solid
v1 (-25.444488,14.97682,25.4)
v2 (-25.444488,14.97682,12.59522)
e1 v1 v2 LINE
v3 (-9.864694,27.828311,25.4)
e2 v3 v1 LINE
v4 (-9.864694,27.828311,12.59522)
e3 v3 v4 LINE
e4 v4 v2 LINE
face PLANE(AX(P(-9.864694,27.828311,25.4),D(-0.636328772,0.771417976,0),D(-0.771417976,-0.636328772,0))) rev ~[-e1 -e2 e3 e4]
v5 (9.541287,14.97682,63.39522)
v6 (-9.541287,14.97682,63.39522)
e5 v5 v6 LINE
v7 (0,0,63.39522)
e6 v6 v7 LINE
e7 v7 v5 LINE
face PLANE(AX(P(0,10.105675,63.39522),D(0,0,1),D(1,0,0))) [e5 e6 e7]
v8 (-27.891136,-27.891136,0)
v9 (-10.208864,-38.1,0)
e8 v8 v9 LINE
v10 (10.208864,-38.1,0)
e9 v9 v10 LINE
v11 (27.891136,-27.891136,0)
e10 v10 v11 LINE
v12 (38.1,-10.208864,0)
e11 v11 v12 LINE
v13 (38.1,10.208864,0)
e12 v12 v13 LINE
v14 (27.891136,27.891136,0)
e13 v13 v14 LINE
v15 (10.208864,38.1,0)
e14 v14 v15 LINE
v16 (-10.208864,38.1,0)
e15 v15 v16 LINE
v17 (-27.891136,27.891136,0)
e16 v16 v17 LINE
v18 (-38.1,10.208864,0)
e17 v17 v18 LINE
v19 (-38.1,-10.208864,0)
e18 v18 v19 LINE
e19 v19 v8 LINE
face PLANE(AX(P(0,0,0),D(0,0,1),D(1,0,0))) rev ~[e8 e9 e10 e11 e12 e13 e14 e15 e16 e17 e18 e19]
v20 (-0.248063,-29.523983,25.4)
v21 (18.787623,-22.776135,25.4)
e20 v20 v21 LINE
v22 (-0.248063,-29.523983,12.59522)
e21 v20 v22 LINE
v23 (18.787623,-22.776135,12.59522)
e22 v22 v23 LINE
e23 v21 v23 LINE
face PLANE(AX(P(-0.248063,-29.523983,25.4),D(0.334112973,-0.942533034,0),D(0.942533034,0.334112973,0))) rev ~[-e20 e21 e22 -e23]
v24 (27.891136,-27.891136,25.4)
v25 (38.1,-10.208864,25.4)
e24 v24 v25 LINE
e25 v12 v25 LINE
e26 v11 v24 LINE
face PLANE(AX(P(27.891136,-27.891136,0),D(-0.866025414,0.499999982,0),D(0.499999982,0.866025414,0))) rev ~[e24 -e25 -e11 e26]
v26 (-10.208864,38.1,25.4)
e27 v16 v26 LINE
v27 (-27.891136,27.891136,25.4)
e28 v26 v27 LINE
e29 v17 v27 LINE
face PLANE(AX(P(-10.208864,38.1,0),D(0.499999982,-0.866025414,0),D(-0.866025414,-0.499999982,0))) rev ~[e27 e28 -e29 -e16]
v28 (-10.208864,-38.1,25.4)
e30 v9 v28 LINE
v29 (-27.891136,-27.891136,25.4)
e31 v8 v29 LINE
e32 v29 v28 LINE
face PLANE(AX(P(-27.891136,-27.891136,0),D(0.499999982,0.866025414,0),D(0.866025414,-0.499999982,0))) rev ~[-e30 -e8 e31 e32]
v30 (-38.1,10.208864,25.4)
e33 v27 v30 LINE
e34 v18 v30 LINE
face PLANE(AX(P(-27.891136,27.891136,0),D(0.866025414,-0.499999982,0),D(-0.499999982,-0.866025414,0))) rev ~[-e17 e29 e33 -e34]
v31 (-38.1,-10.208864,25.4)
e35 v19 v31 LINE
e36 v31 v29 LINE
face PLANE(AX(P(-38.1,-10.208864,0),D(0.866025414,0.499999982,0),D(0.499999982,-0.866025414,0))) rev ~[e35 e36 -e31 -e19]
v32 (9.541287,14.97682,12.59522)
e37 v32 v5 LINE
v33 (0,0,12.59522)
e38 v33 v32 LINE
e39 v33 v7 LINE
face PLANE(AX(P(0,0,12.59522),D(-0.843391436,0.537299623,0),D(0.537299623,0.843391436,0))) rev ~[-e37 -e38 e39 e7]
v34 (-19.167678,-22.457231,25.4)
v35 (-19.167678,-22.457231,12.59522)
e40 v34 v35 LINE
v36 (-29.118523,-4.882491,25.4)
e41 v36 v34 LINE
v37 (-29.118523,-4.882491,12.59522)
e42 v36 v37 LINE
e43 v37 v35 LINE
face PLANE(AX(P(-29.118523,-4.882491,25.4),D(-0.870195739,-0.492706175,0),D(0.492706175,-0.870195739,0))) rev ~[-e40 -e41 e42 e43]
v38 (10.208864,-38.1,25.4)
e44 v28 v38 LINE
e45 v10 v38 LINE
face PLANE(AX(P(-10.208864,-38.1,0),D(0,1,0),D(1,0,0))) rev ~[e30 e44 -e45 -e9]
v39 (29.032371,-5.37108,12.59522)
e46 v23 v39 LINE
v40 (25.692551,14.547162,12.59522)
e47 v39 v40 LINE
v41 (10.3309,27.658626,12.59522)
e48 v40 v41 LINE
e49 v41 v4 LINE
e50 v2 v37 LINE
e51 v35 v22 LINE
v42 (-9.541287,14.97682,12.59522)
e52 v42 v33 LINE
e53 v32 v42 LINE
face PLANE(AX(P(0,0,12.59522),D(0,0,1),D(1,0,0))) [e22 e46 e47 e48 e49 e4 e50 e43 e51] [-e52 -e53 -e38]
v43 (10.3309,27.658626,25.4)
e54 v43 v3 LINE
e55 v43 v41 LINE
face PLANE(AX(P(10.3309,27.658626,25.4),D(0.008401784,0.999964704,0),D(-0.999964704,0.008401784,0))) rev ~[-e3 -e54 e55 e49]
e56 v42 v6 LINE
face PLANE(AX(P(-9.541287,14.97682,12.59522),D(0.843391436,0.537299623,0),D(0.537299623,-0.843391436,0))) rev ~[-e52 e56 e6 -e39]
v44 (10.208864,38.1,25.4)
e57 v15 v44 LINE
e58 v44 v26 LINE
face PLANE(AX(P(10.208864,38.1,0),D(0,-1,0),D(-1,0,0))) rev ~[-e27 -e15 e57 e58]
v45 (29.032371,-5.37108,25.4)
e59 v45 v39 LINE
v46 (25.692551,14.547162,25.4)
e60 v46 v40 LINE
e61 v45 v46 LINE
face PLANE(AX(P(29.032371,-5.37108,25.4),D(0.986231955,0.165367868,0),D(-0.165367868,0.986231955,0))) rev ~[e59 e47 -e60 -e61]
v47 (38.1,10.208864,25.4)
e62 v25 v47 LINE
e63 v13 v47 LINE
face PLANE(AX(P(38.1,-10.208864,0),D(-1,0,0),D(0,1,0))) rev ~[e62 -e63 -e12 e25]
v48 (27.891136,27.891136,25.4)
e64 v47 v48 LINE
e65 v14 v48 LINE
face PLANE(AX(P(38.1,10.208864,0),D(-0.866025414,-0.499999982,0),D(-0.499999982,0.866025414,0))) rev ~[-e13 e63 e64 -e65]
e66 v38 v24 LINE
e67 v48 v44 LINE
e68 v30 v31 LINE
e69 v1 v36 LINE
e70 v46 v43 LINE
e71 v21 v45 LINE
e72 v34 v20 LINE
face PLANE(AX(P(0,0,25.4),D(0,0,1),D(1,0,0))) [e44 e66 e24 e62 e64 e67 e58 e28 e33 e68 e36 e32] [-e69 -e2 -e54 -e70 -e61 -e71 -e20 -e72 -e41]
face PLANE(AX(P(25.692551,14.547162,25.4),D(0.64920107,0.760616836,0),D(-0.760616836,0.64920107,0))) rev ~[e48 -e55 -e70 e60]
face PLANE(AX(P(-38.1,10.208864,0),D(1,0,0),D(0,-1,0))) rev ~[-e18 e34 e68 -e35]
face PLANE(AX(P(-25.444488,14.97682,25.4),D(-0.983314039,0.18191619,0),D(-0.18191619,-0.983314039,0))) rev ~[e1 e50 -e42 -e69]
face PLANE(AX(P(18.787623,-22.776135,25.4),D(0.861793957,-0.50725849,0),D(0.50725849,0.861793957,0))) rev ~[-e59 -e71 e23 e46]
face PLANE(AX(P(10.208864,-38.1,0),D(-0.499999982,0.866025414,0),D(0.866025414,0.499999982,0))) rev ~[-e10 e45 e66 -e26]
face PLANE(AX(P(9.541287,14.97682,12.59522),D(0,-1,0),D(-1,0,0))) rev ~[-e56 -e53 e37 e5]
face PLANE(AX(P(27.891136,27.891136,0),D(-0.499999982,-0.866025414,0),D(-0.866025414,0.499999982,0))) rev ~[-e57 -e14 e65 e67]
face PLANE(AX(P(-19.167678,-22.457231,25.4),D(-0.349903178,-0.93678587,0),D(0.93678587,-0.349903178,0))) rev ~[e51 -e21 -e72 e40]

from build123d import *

# Parameters (mm, degrees)
F1_DEPTH = 25.4
F3_DEPTH = 12.80478
F5_DEPTH = 50.8


with BuildPart() as f1:
    # F0 (on Top) → F1 (new body)
    with BuildSketch(Plane.XY):
        Polygon((38.1, -10.208864), (38.1, 10.208864), (27.891136, 27.891136), (10.208864, 38.1), (-10.208864, 38.1), (-27.891136, 27.891136), (-38.1, 10.208864), (-38.1, -10.208864), (-27.891136, -27.891136), (-10.208864, -38.1), (10.208864, -38.1), (27.891136, -27.891136), align=None)
    extrude(amount=F1_DEPTH)

    # F2 (on face) → F3 (cut)
    with BuildSketch(Plane.XY.offset(25.4)):
        Polygon((18.787623, -22.776135), (29.032371, -5.37108), (25.692551, 14.547162), (10.3309, 27.658626), (-9.864694, 27.828311), (-25.444488, 14.97682), (-29.118523, -4.882491), (-19.167678, -22.457231), (-0.248063, -29.523983), align=None)
    extrude(amount=-F3_DEPTH, mode=Mode.SUBTRACT)

    # F4 (on face) → F5 (join)
    with BuildSketch(Plane.XY.offset(12.59522)):
        Polygon((-9.541287, 14.97682), (0, 0), (9.541287, 14.97682), align=None)
    extrude(amount=F5_DEPTH)


solid = f1.part
